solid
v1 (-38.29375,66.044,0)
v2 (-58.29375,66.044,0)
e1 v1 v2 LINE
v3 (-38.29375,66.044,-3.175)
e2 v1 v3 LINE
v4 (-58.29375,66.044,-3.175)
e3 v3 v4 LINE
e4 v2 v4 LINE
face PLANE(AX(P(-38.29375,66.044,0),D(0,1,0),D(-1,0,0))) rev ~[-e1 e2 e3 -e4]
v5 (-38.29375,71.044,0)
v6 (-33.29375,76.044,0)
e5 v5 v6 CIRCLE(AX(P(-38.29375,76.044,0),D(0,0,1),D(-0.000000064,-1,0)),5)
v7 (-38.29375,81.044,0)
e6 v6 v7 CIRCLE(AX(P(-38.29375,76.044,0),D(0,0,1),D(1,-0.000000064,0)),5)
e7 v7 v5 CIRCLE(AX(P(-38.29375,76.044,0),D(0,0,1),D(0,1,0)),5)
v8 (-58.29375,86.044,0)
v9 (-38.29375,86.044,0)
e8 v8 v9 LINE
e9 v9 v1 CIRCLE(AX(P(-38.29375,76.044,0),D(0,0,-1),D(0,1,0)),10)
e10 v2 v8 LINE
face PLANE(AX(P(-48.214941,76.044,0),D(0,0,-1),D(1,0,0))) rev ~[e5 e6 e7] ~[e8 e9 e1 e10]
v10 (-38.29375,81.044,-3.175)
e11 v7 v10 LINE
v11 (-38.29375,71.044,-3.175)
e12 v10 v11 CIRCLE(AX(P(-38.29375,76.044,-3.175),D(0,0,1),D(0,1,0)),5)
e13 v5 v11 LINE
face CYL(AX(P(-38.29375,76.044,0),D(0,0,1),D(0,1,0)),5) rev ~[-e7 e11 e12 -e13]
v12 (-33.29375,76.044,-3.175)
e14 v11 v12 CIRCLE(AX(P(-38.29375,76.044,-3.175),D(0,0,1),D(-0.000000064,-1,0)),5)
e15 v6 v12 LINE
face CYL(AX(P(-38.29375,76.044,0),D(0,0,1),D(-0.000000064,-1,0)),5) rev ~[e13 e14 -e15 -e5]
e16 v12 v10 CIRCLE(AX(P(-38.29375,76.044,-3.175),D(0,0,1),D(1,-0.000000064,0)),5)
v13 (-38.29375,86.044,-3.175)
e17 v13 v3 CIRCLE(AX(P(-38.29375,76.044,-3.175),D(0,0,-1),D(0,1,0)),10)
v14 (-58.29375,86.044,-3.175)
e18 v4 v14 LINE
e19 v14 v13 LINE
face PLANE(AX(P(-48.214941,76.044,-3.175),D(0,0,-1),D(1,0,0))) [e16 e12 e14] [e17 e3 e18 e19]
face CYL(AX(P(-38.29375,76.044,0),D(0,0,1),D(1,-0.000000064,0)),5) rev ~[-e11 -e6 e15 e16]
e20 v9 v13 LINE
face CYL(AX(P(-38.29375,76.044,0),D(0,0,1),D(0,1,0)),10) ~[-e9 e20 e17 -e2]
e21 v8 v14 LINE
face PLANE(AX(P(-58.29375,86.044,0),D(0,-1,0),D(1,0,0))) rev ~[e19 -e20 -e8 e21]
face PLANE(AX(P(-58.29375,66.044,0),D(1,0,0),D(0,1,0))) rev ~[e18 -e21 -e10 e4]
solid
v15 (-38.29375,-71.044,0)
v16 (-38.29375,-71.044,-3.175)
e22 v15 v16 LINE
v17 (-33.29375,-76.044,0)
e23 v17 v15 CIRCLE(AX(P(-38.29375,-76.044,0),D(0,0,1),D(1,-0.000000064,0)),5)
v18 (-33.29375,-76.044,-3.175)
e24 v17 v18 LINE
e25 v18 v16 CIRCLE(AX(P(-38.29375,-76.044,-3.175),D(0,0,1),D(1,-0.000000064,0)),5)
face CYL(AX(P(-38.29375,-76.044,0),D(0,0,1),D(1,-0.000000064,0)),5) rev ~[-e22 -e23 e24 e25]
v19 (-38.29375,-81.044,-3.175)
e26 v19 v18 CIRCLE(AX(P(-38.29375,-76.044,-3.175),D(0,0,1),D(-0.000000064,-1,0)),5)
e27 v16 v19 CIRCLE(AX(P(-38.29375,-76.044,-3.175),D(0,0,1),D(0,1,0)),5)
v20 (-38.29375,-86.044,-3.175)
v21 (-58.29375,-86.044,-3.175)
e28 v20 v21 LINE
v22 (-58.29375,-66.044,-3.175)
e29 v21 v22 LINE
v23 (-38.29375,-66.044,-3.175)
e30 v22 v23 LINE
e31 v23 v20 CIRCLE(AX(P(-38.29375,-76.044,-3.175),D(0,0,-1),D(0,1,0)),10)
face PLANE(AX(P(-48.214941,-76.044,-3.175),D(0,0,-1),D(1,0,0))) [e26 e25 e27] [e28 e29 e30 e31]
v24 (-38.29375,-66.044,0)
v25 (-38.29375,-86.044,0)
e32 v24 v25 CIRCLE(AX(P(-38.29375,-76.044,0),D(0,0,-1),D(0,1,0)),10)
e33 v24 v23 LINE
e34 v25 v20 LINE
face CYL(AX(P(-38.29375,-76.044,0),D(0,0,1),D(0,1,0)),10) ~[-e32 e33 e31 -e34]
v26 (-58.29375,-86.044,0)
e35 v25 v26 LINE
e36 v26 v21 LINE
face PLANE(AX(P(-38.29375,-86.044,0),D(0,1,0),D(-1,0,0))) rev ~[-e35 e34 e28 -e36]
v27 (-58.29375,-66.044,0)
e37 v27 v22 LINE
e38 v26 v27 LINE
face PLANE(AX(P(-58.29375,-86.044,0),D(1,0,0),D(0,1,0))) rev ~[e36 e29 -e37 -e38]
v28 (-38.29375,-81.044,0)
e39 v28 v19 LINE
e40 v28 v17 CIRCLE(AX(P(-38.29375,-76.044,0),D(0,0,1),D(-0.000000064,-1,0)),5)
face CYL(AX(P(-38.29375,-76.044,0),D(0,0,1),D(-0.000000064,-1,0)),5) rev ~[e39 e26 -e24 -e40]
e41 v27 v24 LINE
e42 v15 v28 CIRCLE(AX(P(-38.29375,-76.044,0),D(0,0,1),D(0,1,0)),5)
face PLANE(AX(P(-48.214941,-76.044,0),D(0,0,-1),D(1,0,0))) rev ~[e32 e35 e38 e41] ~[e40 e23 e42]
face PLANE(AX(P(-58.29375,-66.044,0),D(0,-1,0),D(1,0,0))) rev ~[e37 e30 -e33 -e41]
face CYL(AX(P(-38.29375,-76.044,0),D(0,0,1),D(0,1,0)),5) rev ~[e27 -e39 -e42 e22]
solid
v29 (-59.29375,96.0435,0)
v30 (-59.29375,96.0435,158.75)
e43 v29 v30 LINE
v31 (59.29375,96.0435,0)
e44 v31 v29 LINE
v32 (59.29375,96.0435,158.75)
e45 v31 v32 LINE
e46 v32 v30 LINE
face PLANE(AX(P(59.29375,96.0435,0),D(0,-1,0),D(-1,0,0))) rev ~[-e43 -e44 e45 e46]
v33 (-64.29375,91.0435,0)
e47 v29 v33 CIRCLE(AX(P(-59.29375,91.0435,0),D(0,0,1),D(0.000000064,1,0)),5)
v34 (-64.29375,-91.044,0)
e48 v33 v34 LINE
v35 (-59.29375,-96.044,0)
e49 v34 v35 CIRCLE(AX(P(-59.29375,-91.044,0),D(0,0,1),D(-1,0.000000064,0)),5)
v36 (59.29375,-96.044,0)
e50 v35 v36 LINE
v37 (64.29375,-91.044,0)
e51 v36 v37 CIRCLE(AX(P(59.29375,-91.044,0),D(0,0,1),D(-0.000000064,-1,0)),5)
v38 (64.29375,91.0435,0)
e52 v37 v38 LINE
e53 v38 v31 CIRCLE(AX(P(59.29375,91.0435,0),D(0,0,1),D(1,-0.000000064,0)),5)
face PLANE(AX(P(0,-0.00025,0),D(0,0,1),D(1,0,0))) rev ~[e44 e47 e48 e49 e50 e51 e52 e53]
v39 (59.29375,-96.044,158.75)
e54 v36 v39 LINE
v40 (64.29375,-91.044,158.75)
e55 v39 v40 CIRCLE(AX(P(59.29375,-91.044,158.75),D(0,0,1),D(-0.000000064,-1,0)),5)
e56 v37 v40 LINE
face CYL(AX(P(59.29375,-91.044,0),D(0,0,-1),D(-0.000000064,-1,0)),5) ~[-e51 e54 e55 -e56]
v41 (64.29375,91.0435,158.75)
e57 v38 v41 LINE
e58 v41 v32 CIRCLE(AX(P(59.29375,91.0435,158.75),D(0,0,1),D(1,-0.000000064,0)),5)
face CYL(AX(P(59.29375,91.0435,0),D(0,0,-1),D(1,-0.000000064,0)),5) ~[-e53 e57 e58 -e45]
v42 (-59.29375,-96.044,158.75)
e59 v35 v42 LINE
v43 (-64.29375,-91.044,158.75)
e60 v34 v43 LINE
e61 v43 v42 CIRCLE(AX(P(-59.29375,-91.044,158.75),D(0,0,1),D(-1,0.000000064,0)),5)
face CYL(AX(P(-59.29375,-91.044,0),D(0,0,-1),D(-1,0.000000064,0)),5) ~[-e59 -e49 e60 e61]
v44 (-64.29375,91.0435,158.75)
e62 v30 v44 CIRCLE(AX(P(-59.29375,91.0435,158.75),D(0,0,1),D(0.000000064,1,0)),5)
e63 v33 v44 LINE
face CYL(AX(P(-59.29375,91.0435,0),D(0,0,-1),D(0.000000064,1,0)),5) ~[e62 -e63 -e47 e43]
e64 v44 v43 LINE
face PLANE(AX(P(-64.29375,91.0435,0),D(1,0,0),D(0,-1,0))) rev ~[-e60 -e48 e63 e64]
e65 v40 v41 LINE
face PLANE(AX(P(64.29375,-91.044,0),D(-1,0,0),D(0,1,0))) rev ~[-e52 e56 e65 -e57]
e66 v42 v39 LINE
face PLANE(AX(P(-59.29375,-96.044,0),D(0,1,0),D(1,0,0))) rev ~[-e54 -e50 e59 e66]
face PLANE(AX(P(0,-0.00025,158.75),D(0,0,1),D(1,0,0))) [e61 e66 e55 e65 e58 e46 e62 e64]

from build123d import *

# Parameters (mm, degrees)
F1_DEPTH = 158.75
F3_DEPTH = 3.175


with BuildPart() as f1:
    # F0 (on Top) → F1 (new body)
    with BuildSketch(Plane.XY):
        with BuildLine():
            ThreePointArc((-64.29375, -91.044), (-62.829284, -94.579534), (-59.29375, -96.044))
            Line((-59.29375, -96.044), (59.29375, -96.044))
            ThreePointArc((59.29375, -96.044), (62.829284, -94.579534), (64.29375, -91.044))
            Line((64.29375, -91.044), (64.29375, 91.0435))
            ThreePointArc((64.29375, 91.0435), (62.829284, 94.579034), (59.29375, 96.0435))
            Line((59.29375, 96.0435), (-59.29375, 96.0435))
            ThreePointArc((-59.29375, 96.0435), (-62.829284, 94.579034), (-64.29375, 91.0435))
            Line((-64.29375, 91.0435), (-64.29375, -91.044))
        make_face()
    extrude(amount=F1_DEPTH)


with BuildPart() as f3:
    # F2 (on face) → F3 (new body)
    with BuildSketch(Plane(origin=(0, 0, 0), x_dir=(1, 0, 0), z_dir=(0, 0, -1))):
        with BuildLine():
            Line((-38.29375, 81.044), (-38.29375, 86.044))
            Line((-38.29375, 86.044), (-58.29375, 86.044))
            Line((-58.29375, 86.044), (-58.29375, 66.044))
            Line((-58.29375, 66.044), (-38.29375, 66.044))
            Line((-38.29375, 66.044), (-38.29375, 71.044))
            ThreePointArc((-38.29375, 71.044), (-43.29375, 76.044), (-38.29375, 81.044))
        make_face()
        with BuildLine():
            ThreePointArc((-38.29375, 66.044), (-28.29375, 76.044), (-38.29375, 86.044))
            Line((-38.29375, 86.044), (-38.29375, 81.044))
            ThreePointArc((-38.29375, 81.044), (-34.758216, 79.579534), (-33.29375, 76.044))
            ThreePointArc((-33.29375, 76.044), (-34.758216, 72.508466), (-38.29375, 71.044))
            Line((-38.29375, 71.044), (-38.29375, 66.044))
        make_face()
        with BuildLine():
            Line((-58.29375, -86.044), (-38.29375, -86.044))
            Line((-38.29375, -86.044), (-38.29375, -81.044))
            ThreePointArc((-38.29375, -81.044), (-43.29375, -76.044), (-38.29375, -71.044))
            Line((-38.29375, -71.044), (-38.29375, -66.044))
            Line((-38.29375, -66.044), (-58.29375, -66.044))
            Line((-58.29375, -66.044), (-58.29375, -86.044))
        make_face()
        with BuildLine():
            Line((-38.29375, -81.044), (-38.29375, -86.044))
            ThreePointArc((-38.29375, -86.044), (-28.29375, -76.044), (-38.29375, -66.044))
            Line((-38.29375, -66.044), (-38.29375, -71.044))
            ThreePointArc((-38.29375, -71.044), (-34.758216, -72.508466), (-33.29375, -76.044))
            ThreePointArc((-33.29375, -76.044), (-34.758216, -79.579534), (-38.29375, -81.044))
        make_face()
    extrude(amount=F3_DEPTH)


solid = Compound([f1.part, f3.part])
